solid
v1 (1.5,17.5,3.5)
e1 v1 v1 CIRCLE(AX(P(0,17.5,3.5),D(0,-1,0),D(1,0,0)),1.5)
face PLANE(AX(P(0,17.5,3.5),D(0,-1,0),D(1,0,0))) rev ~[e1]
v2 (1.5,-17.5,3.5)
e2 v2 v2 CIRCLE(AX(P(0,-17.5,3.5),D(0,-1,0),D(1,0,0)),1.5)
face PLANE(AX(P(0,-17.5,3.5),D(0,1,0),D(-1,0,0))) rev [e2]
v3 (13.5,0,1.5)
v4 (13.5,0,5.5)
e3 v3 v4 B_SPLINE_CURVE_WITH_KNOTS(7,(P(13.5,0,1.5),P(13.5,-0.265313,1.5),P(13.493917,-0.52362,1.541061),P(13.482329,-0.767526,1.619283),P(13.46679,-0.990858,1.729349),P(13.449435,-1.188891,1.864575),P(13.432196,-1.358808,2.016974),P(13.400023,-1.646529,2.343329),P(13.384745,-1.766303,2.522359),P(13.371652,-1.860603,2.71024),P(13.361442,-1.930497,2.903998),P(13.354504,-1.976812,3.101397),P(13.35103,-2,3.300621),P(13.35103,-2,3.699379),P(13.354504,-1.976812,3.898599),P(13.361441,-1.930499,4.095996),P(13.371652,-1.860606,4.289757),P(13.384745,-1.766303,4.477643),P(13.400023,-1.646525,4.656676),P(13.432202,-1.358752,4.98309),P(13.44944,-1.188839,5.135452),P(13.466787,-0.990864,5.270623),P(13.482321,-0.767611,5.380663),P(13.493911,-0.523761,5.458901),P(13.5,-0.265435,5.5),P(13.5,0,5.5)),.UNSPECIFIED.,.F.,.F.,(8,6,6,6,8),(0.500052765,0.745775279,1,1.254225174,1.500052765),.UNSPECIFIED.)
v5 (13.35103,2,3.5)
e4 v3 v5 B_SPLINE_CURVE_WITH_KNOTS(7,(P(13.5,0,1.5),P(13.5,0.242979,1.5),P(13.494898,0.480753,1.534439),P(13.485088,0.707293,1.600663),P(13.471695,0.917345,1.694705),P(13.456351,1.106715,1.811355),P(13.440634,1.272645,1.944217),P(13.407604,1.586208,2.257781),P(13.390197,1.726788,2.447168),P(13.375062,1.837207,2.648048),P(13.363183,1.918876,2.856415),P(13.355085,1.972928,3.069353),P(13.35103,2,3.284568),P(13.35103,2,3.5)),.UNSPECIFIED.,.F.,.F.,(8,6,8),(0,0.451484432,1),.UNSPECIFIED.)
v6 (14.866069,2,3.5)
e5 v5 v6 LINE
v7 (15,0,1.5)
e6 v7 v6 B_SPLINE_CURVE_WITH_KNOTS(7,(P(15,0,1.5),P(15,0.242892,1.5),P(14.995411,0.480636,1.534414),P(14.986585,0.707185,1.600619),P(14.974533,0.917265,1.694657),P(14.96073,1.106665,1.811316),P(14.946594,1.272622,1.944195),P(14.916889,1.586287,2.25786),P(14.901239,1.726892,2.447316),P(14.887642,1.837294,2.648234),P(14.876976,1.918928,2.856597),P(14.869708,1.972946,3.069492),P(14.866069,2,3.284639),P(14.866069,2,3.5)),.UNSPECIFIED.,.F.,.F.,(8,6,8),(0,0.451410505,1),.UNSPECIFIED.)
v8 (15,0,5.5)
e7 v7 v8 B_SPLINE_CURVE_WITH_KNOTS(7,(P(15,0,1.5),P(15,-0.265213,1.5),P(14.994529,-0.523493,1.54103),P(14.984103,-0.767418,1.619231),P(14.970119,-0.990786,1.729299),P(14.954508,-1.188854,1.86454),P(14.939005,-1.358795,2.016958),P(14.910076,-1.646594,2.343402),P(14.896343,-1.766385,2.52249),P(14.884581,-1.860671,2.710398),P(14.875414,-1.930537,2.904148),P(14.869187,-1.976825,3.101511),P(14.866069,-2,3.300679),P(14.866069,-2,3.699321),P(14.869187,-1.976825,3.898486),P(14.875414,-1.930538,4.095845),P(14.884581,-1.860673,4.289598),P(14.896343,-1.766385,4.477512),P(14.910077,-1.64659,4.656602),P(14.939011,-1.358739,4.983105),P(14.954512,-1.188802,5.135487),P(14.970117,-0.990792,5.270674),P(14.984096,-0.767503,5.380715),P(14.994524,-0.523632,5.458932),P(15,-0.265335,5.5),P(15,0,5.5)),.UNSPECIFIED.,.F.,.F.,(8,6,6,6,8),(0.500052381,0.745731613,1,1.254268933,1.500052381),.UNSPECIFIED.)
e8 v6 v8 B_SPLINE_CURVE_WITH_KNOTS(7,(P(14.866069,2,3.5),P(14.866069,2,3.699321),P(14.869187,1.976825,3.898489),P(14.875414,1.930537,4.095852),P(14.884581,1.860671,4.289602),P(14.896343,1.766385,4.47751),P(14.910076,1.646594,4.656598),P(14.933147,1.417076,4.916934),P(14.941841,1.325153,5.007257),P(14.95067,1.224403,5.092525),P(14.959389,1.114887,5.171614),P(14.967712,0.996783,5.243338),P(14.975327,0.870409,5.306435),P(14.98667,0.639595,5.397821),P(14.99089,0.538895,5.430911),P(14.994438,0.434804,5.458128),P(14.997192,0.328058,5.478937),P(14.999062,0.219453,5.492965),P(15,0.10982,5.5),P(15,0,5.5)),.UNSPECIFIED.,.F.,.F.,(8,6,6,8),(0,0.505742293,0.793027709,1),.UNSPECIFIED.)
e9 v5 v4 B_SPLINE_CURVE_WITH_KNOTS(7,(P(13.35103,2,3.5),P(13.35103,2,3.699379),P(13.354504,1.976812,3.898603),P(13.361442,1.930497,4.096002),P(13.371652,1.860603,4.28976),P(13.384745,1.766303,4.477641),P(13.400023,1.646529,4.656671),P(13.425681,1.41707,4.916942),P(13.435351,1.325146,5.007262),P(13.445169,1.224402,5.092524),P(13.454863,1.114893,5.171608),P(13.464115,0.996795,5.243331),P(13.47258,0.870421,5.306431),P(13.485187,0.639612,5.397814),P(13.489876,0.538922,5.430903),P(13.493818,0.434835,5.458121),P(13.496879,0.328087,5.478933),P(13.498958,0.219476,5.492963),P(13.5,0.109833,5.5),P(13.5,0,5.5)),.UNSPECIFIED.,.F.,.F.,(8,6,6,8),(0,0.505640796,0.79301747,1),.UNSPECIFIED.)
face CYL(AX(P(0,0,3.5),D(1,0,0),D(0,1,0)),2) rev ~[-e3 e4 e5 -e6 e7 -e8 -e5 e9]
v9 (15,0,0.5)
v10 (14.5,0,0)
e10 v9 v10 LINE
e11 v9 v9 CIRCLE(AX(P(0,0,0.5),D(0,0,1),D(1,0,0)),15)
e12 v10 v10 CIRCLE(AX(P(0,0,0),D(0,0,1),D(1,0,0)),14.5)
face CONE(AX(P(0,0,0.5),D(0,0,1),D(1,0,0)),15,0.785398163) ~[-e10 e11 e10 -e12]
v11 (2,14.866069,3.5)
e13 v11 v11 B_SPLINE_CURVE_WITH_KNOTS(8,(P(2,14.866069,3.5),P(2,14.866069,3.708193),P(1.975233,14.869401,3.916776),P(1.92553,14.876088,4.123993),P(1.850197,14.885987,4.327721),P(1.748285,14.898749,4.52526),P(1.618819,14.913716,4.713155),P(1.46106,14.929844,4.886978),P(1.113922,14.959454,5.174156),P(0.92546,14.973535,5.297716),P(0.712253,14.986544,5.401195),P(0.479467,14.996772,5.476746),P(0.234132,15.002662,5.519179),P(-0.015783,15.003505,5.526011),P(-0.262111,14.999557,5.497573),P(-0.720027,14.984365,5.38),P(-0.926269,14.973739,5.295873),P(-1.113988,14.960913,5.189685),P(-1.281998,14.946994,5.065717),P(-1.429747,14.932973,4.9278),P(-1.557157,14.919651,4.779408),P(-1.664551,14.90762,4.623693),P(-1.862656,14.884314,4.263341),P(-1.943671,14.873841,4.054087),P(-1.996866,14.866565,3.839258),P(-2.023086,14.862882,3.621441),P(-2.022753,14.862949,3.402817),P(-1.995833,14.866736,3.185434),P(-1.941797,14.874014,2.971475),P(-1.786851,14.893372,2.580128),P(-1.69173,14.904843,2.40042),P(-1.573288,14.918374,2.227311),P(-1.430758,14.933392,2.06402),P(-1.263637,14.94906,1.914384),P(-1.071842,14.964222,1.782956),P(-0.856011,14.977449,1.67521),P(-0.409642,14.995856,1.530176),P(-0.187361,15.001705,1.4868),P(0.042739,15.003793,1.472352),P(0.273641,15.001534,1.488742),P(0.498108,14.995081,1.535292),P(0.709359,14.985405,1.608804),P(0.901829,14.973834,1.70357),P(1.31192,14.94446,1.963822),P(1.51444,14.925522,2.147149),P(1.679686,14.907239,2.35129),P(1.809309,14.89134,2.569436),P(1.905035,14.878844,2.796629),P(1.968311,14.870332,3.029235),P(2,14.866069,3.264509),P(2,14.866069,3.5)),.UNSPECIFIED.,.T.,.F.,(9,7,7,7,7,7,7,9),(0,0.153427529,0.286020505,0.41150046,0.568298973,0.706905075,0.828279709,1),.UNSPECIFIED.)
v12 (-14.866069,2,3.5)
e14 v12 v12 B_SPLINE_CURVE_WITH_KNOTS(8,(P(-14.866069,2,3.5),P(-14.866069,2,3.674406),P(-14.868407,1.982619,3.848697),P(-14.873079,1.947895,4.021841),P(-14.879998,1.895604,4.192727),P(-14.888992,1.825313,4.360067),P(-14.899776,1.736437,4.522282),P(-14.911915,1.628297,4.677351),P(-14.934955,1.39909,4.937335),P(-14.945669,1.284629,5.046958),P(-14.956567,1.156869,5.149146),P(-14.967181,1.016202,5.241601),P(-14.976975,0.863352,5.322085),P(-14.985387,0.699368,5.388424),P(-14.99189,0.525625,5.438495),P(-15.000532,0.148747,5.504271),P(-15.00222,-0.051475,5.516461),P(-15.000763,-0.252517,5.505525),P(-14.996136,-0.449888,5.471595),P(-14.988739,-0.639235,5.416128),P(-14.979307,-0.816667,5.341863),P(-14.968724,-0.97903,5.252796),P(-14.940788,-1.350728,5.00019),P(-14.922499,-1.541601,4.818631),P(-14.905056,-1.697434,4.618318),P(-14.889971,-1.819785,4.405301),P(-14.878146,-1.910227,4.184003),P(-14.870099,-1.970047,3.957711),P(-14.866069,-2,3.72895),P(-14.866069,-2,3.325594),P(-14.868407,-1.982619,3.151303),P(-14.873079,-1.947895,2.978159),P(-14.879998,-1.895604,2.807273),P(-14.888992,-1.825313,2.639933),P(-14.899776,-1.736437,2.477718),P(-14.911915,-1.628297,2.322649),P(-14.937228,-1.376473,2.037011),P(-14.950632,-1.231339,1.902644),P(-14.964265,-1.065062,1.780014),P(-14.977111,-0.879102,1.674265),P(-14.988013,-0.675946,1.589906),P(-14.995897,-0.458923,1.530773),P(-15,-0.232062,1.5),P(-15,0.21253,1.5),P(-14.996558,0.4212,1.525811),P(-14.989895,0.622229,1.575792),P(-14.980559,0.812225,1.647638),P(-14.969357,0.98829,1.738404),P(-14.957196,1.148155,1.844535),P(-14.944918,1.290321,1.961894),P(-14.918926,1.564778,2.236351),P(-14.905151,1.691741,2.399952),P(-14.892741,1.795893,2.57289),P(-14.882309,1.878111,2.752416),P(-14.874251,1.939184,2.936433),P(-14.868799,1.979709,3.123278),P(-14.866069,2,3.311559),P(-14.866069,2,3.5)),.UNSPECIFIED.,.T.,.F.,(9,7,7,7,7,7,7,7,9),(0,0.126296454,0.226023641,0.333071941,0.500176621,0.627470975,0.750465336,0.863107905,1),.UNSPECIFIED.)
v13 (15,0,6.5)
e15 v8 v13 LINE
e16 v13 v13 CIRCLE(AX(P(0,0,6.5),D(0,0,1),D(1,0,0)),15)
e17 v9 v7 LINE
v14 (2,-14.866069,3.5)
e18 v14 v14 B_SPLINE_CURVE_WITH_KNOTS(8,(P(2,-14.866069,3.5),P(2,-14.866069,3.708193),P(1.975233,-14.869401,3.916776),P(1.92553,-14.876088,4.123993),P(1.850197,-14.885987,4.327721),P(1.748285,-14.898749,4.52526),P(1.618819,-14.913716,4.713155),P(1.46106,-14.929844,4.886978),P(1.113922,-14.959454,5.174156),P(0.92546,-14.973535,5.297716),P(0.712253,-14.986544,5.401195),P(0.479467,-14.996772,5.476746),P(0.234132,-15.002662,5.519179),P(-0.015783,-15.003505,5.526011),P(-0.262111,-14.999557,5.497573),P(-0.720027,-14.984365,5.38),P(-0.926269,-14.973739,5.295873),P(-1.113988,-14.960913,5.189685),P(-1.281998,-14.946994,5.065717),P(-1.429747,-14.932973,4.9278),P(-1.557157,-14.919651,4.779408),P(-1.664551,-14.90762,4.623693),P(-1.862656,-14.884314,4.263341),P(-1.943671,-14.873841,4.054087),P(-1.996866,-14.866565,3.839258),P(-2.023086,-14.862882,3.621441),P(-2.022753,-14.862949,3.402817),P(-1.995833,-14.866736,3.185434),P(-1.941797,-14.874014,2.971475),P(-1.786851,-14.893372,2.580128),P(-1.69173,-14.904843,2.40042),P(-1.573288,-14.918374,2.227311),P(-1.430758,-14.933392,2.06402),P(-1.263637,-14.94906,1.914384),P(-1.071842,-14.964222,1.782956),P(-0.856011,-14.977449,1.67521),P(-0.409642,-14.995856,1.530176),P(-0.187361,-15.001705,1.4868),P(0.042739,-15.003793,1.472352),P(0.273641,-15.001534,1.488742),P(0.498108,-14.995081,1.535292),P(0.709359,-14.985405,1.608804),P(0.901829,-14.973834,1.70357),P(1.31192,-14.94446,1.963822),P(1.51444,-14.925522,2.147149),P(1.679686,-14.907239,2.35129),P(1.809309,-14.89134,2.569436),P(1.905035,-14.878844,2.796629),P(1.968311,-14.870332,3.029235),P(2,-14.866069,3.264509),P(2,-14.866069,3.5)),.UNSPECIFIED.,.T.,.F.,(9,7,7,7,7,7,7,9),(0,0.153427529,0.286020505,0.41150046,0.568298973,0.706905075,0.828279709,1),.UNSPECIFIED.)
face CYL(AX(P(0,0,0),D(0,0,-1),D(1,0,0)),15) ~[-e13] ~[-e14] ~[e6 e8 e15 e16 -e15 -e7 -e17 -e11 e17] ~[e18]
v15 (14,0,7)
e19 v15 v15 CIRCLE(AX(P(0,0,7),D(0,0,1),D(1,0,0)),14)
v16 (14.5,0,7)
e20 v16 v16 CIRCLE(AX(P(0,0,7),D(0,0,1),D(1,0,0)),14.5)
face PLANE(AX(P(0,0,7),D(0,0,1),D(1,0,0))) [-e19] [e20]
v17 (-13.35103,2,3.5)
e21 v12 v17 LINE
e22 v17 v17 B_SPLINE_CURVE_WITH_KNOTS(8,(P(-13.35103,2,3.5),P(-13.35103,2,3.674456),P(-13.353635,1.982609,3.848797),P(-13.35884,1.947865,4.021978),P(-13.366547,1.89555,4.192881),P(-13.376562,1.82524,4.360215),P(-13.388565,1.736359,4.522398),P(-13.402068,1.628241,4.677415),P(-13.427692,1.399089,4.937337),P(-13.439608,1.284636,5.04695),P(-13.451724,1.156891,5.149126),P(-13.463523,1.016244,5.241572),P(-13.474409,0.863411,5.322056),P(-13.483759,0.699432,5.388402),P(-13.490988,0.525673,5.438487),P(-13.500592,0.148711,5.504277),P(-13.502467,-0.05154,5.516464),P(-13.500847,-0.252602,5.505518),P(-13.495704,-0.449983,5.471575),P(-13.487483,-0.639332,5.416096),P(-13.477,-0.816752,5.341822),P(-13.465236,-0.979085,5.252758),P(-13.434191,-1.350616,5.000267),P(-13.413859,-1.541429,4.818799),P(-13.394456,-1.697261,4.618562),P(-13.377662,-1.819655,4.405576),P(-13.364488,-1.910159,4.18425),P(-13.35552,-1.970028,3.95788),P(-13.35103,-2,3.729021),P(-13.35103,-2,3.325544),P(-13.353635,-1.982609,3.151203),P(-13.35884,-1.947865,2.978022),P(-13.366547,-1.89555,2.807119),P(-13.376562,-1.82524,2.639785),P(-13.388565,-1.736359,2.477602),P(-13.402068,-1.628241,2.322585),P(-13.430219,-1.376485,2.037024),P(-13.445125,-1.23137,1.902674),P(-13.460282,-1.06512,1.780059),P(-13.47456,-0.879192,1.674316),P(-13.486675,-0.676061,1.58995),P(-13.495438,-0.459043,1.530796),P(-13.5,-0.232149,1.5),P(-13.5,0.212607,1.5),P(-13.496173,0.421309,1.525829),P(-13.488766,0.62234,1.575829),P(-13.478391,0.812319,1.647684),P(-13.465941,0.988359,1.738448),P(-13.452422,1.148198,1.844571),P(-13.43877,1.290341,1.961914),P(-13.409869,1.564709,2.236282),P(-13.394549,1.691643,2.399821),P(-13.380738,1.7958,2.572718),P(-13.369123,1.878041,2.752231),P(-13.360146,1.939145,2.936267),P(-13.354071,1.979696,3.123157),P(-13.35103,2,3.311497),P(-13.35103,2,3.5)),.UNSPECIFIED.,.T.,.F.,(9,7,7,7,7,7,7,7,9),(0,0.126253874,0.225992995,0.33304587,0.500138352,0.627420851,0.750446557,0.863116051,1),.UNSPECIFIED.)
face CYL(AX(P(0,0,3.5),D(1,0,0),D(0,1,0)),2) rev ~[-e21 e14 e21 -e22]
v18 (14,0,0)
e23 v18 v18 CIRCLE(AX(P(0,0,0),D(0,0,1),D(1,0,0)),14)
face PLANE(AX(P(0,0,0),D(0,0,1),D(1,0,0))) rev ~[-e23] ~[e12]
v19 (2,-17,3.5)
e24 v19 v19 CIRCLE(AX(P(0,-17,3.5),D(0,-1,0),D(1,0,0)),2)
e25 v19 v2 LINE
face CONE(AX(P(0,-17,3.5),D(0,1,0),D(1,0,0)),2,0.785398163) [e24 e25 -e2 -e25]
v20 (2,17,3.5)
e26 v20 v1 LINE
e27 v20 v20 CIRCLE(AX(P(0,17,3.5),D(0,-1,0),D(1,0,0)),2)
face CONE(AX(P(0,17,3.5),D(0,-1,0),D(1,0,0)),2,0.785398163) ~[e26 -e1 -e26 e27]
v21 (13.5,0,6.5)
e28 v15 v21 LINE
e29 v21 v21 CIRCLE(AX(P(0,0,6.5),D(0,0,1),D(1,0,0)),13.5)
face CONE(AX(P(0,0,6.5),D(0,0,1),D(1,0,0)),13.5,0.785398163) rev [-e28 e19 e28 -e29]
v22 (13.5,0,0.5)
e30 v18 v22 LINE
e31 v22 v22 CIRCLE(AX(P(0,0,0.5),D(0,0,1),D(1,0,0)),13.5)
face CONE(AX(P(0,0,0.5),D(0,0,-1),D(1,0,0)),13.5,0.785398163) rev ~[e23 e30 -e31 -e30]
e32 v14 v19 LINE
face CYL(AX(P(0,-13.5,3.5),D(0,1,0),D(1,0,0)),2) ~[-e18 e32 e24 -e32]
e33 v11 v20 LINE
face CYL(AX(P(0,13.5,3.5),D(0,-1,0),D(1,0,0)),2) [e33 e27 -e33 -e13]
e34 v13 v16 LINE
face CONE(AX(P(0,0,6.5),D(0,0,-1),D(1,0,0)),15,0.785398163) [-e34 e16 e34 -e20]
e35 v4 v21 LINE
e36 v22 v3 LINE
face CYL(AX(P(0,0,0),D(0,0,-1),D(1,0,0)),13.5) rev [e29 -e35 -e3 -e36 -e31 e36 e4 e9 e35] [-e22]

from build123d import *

# Parameters (mm, degrees)
F0_R     = 15
F0_R_2   = 13.5
F1_DEPTH = 7
F2_R     = 2
F3_DEPTH = 20
F4_SIZE  = 0.5
F6_R     = 2
F7_DEPTH = 4
F9_SIZE  = 0.5


with BuildPart() as f1:
    # F0 (on Top) → F1 (new body)
    with BuildSketch(Plane.XY):
        Circle(F0_R)
        Circle(F0_R_2, mode=Mode.SUBTRACT)
    extrude(amount=F1_DEPTH)

    # F2 (on Right) → F3 (cut, symmetric)
    with BuildSketch(Plane.YZ):
        with Locations((0, 3.5)):
            Circle(F2_R)
    extrude(amount=F3_DEPTH, both=True, mode=Mode.SUBTRACT)

    # F4
    f4_edges = [f1.edges().sort_by_distance(p)[0] for p in [
        (-15, 0, 7),
        (-13.5, 0, 7),
        (-15, 0, 0),
        (-13.5, 0, 0),
    ]]
    chamfer(f4_edges, length=F4_SIZE)

    # F6 (on offset) → F7 (join)
    with BuildSketch(Plane.XZ.offset(-13.5)):
        with Locations((0, 3.5)):
            Circle(F6_R)
    extrude(amount=-F7_DEPTH)

    # F8: F1 across plane


with BuildPart() as f1_1:
    add(f1.part)
    add(f1.part.mirror(Plane.XZ))

    # F9
    f9_edges = [f1_1.edges().sort_by_distance(p)[0] for p in [
        (-2, 17.5, 3.5),
        (-2, -17.5, 3.5),
    ]]
    chamfer(f9_edges, length=F9_SIZE)


solid = f1_1.part
